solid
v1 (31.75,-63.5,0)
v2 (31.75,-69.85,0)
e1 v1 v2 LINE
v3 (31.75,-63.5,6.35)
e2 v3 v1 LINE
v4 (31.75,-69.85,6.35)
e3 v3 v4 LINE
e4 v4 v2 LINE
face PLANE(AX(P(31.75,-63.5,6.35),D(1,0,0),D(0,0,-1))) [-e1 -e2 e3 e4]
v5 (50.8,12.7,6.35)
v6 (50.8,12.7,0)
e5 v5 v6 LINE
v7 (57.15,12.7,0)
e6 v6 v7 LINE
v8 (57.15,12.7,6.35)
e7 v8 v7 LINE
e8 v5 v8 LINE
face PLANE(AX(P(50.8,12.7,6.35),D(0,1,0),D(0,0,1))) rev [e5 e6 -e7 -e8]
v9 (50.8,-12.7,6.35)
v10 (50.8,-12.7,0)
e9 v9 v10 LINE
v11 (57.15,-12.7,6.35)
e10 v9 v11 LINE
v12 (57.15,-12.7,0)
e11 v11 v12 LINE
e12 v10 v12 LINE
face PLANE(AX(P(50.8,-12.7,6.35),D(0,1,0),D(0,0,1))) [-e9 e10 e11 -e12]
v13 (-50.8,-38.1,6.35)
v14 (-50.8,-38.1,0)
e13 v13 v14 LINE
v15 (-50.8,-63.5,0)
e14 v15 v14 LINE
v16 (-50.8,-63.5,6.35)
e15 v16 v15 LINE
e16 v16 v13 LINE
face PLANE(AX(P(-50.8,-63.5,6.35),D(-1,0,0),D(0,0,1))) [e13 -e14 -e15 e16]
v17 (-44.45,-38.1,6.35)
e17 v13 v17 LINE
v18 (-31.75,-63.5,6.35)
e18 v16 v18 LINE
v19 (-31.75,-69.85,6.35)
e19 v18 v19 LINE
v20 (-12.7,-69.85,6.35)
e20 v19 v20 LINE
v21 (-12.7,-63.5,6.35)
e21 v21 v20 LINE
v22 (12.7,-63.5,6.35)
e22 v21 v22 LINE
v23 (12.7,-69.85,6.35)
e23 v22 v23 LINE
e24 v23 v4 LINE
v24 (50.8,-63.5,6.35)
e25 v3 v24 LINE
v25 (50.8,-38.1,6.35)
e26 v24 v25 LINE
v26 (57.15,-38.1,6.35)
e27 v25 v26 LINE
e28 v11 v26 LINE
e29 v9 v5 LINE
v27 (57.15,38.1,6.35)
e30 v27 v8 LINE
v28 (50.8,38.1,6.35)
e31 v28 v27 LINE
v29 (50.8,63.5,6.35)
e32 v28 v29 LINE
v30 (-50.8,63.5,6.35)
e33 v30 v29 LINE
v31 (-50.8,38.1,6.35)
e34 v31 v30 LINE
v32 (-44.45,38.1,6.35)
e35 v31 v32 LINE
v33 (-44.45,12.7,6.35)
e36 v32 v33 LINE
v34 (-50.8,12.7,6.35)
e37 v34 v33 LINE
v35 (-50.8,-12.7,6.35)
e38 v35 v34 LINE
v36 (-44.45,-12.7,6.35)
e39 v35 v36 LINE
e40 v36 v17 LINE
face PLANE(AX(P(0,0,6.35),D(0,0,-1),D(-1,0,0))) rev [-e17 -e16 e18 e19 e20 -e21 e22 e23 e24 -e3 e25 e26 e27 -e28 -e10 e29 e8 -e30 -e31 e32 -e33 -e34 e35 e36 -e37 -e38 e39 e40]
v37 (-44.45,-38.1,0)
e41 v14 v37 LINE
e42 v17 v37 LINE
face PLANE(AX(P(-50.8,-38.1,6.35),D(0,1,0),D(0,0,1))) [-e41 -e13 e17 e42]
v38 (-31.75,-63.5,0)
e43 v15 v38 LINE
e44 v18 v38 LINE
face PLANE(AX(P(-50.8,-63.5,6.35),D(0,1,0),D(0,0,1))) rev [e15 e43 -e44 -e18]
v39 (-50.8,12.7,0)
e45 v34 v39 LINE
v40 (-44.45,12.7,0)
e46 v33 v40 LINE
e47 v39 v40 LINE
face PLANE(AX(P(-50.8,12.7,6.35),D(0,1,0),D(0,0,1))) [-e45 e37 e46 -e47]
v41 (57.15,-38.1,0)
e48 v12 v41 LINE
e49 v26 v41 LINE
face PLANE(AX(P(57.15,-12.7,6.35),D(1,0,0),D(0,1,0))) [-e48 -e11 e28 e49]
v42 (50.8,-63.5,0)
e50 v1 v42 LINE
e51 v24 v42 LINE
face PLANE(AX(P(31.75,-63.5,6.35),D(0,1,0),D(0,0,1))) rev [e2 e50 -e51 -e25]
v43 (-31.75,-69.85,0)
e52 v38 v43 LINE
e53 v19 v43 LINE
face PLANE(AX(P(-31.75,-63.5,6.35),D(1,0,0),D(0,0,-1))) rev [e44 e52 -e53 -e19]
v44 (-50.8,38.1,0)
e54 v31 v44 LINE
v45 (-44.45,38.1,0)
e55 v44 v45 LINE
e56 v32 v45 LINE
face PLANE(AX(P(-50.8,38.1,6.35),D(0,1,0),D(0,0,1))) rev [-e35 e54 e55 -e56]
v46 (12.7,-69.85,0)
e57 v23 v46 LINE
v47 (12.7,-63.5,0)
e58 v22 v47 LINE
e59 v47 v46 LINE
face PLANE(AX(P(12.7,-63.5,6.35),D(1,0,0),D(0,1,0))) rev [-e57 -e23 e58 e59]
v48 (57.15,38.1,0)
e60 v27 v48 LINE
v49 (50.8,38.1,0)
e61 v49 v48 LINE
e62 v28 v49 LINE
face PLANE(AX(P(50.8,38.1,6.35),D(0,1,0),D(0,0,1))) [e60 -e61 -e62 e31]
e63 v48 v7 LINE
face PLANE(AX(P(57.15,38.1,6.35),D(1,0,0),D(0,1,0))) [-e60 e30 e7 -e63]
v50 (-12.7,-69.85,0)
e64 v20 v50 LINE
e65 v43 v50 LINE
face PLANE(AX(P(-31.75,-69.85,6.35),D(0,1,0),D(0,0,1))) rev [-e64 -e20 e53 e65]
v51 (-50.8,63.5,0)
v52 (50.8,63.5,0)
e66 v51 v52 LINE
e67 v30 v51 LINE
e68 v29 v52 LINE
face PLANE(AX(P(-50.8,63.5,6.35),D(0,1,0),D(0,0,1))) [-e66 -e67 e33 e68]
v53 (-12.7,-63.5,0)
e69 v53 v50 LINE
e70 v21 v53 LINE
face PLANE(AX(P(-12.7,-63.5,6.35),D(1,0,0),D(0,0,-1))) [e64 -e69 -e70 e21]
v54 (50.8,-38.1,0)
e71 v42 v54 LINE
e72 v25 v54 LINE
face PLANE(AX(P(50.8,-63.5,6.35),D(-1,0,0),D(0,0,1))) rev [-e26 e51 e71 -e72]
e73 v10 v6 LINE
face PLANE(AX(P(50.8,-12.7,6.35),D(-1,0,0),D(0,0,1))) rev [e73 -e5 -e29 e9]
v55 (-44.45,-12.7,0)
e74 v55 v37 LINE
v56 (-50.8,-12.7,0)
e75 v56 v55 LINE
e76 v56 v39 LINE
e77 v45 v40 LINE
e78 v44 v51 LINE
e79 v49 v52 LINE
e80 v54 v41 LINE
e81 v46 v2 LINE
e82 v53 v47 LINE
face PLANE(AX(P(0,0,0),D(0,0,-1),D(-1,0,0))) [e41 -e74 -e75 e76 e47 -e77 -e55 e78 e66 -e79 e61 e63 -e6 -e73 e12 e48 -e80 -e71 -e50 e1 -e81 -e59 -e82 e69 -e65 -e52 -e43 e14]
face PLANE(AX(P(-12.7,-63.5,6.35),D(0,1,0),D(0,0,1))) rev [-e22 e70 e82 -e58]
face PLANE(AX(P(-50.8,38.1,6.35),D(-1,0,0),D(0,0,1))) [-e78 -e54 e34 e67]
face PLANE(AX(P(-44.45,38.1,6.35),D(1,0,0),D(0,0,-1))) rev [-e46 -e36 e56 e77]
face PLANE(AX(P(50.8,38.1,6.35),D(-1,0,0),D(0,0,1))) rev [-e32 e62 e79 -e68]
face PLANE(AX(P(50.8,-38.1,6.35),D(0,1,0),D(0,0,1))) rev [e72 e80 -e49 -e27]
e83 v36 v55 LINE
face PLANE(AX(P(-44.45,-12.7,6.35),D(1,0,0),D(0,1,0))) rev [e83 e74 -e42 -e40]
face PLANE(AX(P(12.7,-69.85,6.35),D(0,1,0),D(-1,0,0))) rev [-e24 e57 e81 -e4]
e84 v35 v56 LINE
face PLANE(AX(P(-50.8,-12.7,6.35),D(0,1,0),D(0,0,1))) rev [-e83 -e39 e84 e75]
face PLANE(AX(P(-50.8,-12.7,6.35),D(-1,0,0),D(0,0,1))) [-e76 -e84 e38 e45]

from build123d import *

# Parameters (mm, degrees)
BOXSIDE_DEPTH = 6.35


with BuildPart() as part:
    # Sketch1 → BOXSIDE (new body)
    with BuildSketch(Plane.XY):
        Polygon((-50.8, 38.1), (-50.8, 63.5), (50.8, 63.5), (50.8, 38.1), (57.15, 38.1), (57.15, 12.7), (50.8, 12.7), (50.8, -12.7), (57.15, -12.7), (57.15, -38.1), (50.8, -38.1), (50.8, -63.5), (31.75, -63.5), (31.75, -69.85), (12.7, -69.85), (12.7, -63.5), (-12.7, -63.5), (-12.7, -69.85), (-31.75, -69.85), (-31.75, -63.5), (-50.8, -63.5), (-50.8, -38.1), (-44.45, -38.1), (-44.45, -12.7), (-50.8, -12.7), (-50.8, 12.7), (-44.45, 12.7), (-44.45, 38.1), align=None)
    extrude(amount=BOXSIDE_DEPTH)


solid = part.part
